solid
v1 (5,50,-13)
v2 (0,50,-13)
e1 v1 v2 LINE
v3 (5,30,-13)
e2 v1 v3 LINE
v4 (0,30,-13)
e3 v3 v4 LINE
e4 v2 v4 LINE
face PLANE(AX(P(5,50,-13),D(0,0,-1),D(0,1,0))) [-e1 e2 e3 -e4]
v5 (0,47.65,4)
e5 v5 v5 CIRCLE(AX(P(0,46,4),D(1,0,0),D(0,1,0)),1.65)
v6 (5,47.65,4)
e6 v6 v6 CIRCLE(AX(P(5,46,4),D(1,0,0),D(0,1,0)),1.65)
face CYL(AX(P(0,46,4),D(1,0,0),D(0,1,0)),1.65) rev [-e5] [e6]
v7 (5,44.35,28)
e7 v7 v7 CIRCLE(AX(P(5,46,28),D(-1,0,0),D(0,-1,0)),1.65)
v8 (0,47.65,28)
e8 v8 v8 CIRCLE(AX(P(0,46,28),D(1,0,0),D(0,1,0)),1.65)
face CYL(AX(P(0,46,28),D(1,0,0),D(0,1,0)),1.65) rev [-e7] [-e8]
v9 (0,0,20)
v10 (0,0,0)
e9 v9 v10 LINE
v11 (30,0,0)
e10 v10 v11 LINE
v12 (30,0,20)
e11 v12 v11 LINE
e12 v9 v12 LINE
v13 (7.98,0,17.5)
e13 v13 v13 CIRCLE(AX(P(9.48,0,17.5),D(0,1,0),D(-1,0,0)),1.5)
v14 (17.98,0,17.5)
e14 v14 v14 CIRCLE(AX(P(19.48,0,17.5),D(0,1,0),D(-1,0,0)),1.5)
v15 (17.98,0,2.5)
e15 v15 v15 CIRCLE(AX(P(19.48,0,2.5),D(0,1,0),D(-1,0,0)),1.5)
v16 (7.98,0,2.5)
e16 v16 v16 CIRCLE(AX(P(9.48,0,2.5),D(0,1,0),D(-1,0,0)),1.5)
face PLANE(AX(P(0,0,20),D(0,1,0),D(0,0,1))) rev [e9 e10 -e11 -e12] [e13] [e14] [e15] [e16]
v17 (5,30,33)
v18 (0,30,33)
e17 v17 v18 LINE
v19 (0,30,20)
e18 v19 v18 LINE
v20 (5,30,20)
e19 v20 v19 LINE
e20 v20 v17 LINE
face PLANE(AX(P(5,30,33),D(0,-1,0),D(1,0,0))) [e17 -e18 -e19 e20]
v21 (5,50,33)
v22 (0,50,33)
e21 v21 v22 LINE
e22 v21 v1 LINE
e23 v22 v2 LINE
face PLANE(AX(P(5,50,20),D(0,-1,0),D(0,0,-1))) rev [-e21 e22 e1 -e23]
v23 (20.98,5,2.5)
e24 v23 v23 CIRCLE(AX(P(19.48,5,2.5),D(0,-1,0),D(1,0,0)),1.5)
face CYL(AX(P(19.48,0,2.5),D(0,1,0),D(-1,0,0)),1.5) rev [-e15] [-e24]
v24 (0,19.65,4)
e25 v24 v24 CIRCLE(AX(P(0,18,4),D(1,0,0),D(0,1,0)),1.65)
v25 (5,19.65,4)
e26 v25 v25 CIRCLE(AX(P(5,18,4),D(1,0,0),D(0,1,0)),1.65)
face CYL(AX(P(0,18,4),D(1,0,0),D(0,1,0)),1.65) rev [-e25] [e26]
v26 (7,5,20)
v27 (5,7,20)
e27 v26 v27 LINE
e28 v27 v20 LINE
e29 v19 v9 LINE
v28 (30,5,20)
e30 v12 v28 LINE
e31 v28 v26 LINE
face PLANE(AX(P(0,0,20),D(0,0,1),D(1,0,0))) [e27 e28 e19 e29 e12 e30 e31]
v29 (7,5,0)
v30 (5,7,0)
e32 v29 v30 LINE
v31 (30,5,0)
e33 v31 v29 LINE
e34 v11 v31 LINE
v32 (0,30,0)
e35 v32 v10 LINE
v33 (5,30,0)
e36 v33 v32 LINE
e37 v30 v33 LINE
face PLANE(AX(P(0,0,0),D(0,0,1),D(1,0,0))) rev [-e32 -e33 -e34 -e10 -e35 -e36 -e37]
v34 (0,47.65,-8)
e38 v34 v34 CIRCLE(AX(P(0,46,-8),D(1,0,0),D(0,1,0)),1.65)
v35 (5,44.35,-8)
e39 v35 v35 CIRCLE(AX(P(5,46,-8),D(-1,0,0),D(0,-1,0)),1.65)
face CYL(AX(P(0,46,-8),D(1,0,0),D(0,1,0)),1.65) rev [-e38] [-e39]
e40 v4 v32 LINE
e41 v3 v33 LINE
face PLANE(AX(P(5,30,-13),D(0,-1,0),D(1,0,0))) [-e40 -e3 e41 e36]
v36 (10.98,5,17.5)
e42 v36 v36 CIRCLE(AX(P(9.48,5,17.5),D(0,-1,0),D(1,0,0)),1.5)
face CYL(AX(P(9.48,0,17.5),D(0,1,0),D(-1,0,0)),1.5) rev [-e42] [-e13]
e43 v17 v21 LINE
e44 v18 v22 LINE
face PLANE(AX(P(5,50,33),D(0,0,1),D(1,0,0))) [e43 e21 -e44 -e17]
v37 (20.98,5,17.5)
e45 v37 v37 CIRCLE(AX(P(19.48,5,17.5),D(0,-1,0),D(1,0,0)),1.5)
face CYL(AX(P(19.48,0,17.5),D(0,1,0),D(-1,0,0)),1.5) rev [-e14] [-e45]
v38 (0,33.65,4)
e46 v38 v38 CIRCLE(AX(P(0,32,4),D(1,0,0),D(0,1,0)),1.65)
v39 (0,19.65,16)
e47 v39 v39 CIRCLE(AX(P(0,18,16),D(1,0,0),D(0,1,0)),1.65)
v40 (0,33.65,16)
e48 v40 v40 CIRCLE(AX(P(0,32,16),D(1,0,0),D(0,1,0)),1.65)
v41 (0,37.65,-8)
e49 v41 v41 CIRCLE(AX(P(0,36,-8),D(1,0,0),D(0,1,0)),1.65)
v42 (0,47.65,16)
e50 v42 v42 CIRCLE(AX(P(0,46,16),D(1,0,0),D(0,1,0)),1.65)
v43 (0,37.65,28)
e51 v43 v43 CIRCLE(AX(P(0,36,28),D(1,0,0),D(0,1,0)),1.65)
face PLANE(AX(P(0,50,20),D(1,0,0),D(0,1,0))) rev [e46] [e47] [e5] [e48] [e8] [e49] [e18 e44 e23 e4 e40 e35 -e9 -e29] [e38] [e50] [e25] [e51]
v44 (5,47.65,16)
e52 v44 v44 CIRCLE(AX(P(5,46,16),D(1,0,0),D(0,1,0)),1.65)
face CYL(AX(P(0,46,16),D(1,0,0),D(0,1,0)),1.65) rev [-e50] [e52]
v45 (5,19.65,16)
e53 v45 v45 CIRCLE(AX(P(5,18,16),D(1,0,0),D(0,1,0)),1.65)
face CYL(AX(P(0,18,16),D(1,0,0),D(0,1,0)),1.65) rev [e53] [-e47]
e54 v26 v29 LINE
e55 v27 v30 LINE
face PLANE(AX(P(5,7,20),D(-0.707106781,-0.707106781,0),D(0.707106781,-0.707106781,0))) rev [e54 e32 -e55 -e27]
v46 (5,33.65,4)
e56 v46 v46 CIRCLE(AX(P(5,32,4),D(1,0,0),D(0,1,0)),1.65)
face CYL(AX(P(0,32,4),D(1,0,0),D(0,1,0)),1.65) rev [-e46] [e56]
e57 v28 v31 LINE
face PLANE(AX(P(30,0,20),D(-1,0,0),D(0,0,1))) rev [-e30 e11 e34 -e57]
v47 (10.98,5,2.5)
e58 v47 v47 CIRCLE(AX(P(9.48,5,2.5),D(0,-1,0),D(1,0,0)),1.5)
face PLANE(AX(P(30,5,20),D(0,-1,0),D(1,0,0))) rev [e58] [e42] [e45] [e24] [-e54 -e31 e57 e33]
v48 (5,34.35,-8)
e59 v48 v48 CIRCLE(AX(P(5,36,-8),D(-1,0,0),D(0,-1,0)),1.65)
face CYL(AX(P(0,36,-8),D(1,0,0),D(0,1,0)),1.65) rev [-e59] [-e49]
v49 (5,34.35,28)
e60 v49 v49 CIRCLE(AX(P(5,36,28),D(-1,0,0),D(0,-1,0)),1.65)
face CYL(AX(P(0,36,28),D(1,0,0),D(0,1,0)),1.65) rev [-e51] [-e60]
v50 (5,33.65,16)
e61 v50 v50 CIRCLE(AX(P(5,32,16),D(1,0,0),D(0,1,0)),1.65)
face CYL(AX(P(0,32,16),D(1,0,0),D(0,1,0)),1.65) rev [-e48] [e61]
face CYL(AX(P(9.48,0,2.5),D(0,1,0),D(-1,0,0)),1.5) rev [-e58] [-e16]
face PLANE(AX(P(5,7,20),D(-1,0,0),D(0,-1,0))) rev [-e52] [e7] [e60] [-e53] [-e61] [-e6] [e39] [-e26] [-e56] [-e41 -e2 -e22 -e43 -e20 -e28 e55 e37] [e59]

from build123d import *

# Parameters (mm, degrees)
EXTRUDE_1_DEPTH          = 20
CUT_EXTRUDE_2_DEPTH      = 60.371710435
CUT_EXTRUDE_2_DEPTH_BACK = 60.371710435
SKETCH_3_R               = 1.65
SKETCH_4_W               = 13
SKETCH_4_H               = 20
EXTRUDE_2_DEPTH          = 5
CUT_EXTRUDE_3_DEPTH      = 65.915329468
CUT_EXTRUDE_3_DEPTH_BACK = 65.915329468
SKETCH_5_R               = 1.65
CUT_EXTRUDE_6_DEPTH      = 64.356136246
CUT_EXTRUDE_6_DEPTH_BACK = 64.356136246
SKETCH_2_R               = 1.5


with BuildPart() as part:
    # 草图1 → 凸台-拉伸1 (new body)
    with BuildSketch(Plane.XY):
        Polygon((0, 50), (0, 0), (30, 0), (30, 5), (7, 5), (5, 7), (5, 50), align=None)
    extrude(amount=EXTRUDE_1_DEPTH)

    # 草图3 → 切除-拉伸2 (cut, two sides: drawn at the far end of the back side and taken through both)
    with BuildSketch(Plane(origin=(5, 0, 0), x_dir=(0, 0, -1), z_dir=(1, 0, 0)).offset(-CUT_EXTRUDE_2_DEPTH_BACK)):
        with Locations(Location((-4, 46, 0), (0, 0, 90))):
            Circle(SKETCH_3_R)
        with Locations(Location((-16, 46, 0), (0, 0, 90))):
            Circle(SKETCH_3_R)
        with Locations(Location((-4, 32, 0), (0, 0, 90))):
            Circle(SKETCH_3_R)
        with Locations(Location((-16, 32, 0), (0, 0, 90))):
            Circle(SKETCH_3_R)
        with Locations(Location((-16, 18, 0), (0, 0, 90))):
            Circle(SKETCH_3_R)
        with Locations(Location((-4, 18, 0), (0, 0, 90))):
            Circle(SKETCH_3_R)
    extrude(amount=CUT_EXTRUDE_2_DEPTH + CUT_EXTRUDE_2_DEPTH_BACK, mode=Mode.SUBTRACT)

    # 草图4 → 凸台-拉伸2 (add)
    with BuildSketch(Plane.ZY):
        with Locations((26.5, 40)):
            Rectangle(SKETCH_4_W, SKETCH_4_H)
        with Locations((-6.5, 40)):
            Rectangle(SKETCH_4_W, SKETCH_4_H)
    extrude(amount=-EXTRUDE_2_DEPTH)

    # 草图5 → 切除-拉伸3 (cut, two sides: drawn at the far end of the back side and taken through both)
    with BuildSketch(Plane(origin=(5, 0, 0), x_dir=(0, 0, -1), z_dir=(1, 0, 0)).offset(-CUT_EXTRUDE_3_DEPTH_BACK)):
        with Locations(Location((-28, 46, 0), (0, 0, 90))):
            Circle(SKETCH_5_R)
        with Locations(Location((-28, 36, 0), (0, 0, 90))):
            Circle(SKETCH_5_R)
        with Locations(Location((8, 46, 0), (0, 0, 90))):
            Circle(SKETCH_5_R)
        with Locations(Location((8, 36, 0), (0, 0, 90))):
            Circle(SKETCH_5_R)
    extrude(amount=CUT_EXTRUDE_3_DEPTH + CUT_EXTRUDE_3_DEPTH_BACK, mode=Mode.SUBTRACT)

    # 草图2 → 切除-拉伸6 (cut, two sides: drawn at the far end of the back side and taken through both)
    with BuildSketch(Plane(origin=(0, 5, 0), x_dir=(1, 0, 0), z_dir=(0, 1, 0)).offset(-CUT_EXTRUDE_6_DEPTH_BACK)):
        with Locations(Location((9.48, -17.5, 0), (0, 0, 180))):
            Circle(SKETCH_2_R)
        with Locations(Location((19.48, -17.5, 0), (0, 0, 180))):
            Circle(SKETCH_2_R)
        with Locations(Location((19.48, -2.5, 0), (0, 0, 180))):
            Circle(SKETCH_2_R)
        with Locations(Location((9.48, -2.5, 0), (0, 0, 180))):
            Circle(SKETCH_2_R)
    extrude(amount=CUT_EXTRUDE_6_DEPTH + CUT_EXTRUDE_6_DEPTH_BACK, mode=Mode.SUBTRACT)


solid = part.part
